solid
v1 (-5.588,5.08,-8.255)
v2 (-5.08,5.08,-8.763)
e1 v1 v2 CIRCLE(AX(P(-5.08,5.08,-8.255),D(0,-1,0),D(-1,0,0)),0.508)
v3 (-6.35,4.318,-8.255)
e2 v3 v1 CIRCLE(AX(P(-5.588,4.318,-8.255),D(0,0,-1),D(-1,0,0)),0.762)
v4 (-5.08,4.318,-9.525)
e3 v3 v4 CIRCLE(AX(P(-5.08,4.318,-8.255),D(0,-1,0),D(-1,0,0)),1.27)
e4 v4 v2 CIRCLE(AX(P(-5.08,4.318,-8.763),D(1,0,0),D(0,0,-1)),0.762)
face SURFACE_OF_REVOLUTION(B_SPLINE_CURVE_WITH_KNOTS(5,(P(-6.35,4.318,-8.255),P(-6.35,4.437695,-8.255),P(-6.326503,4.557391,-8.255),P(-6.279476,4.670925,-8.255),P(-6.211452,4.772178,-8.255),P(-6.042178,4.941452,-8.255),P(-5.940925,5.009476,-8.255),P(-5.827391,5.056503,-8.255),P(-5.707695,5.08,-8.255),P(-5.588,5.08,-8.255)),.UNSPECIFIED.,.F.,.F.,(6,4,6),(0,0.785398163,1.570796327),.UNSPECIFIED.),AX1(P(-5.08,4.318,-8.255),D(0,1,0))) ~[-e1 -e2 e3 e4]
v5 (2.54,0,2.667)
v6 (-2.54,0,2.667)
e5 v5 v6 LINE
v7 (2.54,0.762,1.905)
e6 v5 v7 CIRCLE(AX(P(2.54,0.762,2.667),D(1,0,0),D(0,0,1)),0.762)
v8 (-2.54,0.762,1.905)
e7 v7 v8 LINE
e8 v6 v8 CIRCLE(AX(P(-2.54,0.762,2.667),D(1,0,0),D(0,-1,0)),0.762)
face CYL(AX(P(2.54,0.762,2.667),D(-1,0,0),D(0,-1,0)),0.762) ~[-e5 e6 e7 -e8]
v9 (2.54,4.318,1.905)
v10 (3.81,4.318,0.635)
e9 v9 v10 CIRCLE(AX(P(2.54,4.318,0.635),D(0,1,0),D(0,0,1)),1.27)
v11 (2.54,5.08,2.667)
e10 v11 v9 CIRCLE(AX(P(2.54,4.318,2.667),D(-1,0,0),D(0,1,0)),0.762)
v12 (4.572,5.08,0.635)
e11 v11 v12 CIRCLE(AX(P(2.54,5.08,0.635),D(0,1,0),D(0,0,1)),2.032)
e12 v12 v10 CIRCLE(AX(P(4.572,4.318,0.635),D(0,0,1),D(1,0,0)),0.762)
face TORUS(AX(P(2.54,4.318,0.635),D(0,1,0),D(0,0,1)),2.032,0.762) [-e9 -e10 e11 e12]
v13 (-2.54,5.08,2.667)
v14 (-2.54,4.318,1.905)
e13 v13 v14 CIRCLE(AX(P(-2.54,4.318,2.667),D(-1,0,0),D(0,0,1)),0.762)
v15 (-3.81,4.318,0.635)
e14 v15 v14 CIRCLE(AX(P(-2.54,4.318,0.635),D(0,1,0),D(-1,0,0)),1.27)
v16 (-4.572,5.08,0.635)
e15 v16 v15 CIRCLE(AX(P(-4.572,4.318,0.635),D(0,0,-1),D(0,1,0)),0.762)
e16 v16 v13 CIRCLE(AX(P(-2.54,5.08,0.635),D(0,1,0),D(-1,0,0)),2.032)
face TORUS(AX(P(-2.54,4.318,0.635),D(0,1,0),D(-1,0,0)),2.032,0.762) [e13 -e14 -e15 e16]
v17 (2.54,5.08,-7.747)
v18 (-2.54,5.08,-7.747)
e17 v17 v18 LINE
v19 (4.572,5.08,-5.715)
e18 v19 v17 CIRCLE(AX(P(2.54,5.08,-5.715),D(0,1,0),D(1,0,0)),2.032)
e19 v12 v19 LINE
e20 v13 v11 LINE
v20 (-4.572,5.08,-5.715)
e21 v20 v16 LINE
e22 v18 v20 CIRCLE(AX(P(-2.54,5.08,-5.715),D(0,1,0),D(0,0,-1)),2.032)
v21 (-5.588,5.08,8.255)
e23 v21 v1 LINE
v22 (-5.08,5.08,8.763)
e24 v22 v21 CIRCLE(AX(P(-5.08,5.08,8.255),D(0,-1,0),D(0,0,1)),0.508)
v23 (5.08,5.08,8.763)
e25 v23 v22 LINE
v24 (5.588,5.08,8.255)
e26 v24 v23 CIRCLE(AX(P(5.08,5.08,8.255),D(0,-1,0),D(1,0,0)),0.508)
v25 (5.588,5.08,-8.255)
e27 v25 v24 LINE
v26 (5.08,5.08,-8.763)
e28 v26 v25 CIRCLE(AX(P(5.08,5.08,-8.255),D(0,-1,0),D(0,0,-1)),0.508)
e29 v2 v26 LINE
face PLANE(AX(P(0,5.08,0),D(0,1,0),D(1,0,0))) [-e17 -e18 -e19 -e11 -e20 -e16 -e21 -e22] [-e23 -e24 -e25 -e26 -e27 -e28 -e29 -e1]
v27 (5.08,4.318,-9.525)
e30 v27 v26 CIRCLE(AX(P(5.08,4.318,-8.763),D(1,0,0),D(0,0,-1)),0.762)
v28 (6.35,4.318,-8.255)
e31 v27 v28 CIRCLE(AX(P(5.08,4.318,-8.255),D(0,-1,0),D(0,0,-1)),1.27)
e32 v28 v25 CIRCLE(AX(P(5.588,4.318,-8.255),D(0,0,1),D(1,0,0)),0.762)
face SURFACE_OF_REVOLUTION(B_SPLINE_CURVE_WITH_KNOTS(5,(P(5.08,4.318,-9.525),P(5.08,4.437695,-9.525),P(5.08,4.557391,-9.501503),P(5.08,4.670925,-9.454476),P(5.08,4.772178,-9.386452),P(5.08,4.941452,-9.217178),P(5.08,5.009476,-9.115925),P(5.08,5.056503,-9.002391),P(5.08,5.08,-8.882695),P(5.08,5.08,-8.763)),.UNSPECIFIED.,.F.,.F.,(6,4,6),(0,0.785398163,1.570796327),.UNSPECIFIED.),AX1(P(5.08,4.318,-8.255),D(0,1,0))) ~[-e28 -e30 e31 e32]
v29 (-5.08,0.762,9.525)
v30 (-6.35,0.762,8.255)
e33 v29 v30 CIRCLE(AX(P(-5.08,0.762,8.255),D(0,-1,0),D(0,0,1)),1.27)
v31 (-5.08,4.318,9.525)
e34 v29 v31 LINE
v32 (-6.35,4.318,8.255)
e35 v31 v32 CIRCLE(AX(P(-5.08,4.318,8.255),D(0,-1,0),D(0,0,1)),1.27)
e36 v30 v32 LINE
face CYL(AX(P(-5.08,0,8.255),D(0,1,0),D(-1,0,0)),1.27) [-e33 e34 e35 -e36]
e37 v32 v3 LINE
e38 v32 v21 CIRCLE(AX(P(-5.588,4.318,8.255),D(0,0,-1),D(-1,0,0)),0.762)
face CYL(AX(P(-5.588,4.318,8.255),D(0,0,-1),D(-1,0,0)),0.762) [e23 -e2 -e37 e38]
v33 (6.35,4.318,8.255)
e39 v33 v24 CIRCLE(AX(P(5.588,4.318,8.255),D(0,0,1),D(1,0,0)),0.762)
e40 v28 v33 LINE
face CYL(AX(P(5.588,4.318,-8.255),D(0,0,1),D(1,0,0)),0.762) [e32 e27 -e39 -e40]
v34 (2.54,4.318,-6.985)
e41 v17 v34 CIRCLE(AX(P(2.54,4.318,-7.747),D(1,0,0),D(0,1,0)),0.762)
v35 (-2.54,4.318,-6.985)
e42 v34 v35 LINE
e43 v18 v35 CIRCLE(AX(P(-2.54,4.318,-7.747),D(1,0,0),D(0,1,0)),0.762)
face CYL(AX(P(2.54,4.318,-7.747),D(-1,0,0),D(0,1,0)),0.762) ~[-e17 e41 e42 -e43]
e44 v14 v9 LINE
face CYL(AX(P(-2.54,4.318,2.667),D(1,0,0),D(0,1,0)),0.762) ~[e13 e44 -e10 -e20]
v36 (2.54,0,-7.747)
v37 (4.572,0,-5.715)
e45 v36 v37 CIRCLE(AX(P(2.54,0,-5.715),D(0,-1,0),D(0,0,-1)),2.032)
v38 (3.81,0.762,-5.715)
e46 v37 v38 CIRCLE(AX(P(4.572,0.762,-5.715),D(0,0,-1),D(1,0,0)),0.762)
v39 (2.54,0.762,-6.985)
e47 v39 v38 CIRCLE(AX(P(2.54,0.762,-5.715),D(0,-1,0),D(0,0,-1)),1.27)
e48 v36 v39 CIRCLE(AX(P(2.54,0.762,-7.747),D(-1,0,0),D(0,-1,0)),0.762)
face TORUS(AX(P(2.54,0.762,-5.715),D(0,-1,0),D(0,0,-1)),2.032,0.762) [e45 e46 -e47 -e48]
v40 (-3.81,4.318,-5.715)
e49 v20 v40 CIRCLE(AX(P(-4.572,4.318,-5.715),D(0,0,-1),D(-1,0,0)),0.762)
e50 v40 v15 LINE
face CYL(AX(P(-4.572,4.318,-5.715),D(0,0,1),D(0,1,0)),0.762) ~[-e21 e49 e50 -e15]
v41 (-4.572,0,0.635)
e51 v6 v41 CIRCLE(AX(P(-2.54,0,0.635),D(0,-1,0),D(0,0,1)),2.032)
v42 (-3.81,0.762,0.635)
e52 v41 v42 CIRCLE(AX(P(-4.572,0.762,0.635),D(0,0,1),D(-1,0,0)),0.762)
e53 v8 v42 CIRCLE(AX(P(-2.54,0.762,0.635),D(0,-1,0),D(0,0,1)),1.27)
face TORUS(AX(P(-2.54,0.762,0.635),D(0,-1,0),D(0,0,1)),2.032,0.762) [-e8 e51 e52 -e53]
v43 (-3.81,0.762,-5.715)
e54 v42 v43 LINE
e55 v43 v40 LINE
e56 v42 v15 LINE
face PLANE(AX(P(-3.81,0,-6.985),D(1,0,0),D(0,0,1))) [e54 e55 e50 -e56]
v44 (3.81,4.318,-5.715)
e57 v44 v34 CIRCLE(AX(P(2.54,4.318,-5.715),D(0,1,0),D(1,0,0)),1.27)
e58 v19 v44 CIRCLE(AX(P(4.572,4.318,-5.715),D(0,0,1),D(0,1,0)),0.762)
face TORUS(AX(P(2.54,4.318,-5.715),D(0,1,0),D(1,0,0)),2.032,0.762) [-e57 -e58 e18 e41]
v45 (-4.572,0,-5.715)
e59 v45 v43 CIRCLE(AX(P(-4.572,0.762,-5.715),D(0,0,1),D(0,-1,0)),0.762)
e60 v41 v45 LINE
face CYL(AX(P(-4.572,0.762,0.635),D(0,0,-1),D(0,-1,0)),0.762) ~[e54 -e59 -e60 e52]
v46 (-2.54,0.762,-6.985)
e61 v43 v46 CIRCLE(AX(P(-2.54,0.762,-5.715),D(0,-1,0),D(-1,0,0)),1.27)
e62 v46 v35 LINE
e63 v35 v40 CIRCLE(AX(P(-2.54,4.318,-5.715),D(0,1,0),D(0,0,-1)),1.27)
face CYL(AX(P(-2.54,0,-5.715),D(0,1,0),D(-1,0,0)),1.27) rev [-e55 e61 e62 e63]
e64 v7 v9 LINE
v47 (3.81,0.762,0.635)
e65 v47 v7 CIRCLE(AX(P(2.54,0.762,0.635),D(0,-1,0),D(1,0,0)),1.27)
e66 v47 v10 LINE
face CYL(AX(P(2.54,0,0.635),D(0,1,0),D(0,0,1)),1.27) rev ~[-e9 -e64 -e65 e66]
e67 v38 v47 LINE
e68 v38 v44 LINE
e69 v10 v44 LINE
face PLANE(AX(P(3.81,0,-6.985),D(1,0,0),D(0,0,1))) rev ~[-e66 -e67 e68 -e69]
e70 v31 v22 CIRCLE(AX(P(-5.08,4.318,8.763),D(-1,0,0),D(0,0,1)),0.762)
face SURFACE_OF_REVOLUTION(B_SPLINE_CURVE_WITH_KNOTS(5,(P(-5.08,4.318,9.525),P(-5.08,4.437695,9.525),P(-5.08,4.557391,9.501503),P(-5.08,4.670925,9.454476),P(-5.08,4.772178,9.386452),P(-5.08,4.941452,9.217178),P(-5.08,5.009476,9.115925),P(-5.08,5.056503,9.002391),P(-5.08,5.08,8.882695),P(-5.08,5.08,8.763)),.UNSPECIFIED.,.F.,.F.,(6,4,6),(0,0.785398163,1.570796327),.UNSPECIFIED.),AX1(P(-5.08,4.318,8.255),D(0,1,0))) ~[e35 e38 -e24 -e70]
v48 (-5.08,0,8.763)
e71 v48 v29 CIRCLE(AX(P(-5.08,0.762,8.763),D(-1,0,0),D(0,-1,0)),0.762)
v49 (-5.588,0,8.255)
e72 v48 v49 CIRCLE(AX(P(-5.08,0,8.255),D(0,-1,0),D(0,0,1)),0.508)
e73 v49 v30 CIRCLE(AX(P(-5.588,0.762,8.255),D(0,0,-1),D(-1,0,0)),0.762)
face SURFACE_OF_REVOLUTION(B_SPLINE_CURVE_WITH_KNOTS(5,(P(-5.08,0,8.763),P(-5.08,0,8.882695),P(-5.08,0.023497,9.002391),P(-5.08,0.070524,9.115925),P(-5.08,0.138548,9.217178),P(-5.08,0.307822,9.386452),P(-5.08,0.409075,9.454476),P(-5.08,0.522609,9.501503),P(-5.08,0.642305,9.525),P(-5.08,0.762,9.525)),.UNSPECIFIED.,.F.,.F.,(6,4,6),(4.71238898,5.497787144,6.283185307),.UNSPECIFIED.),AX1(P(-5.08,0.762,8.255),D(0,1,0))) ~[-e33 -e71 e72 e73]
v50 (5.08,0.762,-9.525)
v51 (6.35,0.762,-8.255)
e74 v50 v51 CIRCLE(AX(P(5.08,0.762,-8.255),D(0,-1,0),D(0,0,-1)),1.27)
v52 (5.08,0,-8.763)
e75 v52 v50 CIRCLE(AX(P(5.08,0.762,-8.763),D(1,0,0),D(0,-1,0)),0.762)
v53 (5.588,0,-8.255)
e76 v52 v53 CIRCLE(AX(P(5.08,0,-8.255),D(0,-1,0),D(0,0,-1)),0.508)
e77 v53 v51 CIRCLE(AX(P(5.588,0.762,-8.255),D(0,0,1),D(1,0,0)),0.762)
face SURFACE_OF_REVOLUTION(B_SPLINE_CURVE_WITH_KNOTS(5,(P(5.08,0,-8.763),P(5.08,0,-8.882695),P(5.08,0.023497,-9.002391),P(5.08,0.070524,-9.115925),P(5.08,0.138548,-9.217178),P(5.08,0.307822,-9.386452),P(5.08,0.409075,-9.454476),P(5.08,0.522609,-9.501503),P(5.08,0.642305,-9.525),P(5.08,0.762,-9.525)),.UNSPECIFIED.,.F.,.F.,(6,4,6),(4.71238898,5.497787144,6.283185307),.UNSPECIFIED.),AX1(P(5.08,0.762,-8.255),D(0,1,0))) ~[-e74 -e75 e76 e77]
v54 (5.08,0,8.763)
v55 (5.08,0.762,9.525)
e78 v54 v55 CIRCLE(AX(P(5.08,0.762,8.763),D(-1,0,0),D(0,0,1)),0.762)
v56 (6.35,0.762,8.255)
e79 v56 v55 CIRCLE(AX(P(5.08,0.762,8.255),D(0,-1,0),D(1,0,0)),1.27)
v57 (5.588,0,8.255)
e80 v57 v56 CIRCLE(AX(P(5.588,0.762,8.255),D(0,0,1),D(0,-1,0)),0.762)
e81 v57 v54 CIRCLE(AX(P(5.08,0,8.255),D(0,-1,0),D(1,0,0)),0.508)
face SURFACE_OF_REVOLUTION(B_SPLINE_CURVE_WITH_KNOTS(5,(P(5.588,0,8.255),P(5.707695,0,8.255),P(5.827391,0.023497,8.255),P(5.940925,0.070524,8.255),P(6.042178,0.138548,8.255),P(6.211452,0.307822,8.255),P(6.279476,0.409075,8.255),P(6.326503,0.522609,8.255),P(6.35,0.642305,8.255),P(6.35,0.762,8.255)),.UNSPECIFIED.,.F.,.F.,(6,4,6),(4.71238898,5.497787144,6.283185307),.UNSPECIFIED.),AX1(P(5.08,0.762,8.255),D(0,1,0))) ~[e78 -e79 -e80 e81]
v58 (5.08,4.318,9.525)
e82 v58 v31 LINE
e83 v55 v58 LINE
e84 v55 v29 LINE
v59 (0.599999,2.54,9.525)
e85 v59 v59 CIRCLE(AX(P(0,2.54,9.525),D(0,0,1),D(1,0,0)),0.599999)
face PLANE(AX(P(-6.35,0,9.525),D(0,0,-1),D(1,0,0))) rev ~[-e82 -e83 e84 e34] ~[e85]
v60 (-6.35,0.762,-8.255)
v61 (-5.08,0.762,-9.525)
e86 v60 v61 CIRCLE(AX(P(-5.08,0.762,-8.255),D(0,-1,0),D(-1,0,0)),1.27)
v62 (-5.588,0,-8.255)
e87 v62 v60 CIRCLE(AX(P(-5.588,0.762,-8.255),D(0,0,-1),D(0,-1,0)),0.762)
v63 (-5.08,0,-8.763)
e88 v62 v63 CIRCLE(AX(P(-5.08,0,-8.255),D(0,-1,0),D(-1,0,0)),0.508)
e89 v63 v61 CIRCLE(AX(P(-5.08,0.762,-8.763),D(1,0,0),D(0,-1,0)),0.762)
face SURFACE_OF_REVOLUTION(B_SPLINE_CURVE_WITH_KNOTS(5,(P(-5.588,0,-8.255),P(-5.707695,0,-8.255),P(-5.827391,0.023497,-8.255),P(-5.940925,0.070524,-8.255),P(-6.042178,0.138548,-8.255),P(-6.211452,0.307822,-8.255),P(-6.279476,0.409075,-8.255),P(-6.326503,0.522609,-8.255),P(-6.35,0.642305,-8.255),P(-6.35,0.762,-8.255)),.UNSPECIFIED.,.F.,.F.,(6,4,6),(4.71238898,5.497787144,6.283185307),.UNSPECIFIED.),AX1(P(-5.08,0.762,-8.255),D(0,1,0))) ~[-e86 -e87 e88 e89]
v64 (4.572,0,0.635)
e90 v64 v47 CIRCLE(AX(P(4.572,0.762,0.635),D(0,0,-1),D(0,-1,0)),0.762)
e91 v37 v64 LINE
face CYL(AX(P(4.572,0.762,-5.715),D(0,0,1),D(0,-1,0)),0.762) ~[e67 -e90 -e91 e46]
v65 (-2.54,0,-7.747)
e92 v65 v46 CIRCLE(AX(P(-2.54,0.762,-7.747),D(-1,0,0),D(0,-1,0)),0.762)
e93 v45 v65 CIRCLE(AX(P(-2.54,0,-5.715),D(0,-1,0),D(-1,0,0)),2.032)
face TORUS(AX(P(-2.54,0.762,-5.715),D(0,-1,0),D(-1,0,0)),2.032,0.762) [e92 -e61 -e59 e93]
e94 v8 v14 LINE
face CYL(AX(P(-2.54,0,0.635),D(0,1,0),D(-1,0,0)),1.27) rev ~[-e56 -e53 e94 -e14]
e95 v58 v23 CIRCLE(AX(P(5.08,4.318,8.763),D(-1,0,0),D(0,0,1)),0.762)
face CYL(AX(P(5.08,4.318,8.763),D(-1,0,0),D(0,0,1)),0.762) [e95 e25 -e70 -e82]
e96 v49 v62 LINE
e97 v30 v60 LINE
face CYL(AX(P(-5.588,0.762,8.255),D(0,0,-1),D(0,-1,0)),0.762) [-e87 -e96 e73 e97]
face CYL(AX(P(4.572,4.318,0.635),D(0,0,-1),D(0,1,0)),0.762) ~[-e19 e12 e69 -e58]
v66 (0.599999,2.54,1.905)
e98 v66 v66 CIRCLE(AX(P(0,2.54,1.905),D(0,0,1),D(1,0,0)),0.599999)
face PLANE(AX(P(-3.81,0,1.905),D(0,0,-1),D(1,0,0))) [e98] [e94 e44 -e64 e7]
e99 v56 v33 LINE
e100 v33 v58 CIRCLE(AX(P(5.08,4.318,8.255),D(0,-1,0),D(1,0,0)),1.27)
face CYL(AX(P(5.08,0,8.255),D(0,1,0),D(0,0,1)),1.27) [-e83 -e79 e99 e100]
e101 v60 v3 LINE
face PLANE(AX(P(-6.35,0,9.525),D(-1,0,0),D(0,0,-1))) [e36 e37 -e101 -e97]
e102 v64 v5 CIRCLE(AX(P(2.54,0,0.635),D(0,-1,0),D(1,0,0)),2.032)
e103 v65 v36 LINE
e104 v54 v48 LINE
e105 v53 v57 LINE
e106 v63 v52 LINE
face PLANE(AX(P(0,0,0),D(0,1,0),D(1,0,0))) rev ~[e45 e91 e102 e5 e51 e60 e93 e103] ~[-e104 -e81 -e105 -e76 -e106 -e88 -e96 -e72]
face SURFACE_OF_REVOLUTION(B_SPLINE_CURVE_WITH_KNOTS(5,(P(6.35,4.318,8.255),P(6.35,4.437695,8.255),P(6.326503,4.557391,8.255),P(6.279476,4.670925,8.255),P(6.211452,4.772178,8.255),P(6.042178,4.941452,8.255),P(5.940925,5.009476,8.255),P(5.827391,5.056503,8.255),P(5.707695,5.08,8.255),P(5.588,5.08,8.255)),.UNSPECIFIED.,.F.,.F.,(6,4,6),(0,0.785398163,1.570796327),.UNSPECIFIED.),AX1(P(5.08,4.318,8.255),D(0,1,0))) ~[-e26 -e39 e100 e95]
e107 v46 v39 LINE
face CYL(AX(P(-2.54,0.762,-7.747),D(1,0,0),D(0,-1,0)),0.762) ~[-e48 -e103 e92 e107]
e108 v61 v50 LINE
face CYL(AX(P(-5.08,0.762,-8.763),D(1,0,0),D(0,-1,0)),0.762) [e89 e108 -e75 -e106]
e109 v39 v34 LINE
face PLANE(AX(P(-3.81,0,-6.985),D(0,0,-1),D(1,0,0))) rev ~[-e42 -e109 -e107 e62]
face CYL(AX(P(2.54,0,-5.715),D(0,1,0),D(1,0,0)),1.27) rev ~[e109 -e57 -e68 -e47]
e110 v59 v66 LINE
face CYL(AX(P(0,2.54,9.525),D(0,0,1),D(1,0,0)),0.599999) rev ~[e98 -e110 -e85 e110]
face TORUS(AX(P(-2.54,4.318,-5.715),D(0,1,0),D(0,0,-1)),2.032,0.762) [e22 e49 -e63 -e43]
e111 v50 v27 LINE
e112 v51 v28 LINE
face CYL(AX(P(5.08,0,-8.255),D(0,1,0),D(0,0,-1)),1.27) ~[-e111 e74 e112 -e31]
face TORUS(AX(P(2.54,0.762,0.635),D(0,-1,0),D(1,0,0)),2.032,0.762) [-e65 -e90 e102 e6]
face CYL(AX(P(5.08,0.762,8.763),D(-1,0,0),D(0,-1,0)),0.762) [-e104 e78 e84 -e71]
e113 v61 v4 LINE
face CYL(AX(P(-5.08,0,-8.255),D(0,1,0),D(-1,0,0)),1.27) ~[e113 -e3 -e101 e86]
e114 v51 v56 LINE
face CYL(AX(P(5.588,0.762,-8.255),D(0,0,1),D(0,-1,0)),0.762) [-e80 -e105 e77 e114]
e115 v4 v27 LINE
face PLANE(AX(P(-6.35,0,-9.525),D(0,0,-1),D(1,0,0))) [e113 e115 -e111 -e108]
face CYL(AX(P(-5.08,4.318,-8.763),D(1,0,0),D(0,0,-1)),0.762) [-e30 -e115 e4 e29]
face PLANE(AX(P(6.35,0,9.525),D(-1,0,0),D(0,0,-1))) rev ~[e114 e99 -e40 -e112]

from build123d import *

# Parameters (mm, degrees)
SKETCH1_W           = 12.7
SKETCH1_H           = 19.05
BOSS_EXTRUDE1_DEPTH = 5.08
SKETCH2_W           = 7.62
SKETCH2_H           = 8.89
CUT_EXTRUDE1_DEPTH  = 13.524157656
SKETCH3_R           = 0.5999988
CUT_EXTRUDE3_DEPTH  = 7.62
FILLET1_R           = 1.27
FILLET2_R           = 1.27
FILLET3_R           = 0.762
FILLET4_R           = 0.762


with BuildPart() as part:
    # Sketch1 → Boss-Extrude1 (new body)
    with BuildSketch(Plane(origin=(0, 0, 0), x_dir=(1, 0, 0), z_dir=(0, 1, 0))):
        Rectangle(SKETCH1_W, SKETCH1_H)
    extrude(amount=BOSS_EXTRUDE1_DEPTH)

    # Sketch2 → Cut-Extrude1 (cut, through all)
    with BuildSketch(Plane.XZ):
        with Locations((0, -2.54)):
            Rectangle(SKETCH2_W, SKETCH2_H)
    extrude(amount=-CUT_EXTRUDE1_DEPTH, mode=Mode.SUBTRACT)

    # Sketch3 → Cut-Extrude3 (cut)
    with BuildSketch(Plane.XY.offset(9.525)):
        with Locations((0, 2.54)):
            Circle(SKETCH3_R)
    extrude(amount=-CUT_EXTRUDE3_DEPTH, mode=Mode.SUBTRACT)

    # Fillet1
    fillet1_edges = [part.edges().sort_by_distance(p)[0] for p in [
        (6.35, 2.54, 9.525),
        (-6.35, 2.54, 9.525),
        (-6.35, 2.54, -9.525),
        (6.35, 2.54, -9.525),
    ]]
    fillet(fillet1_edges, radius=FILLET1_R)

    # Fillet2
    fillet2_edges = [part.edges().sort_by_distance(p)[0] for p in [
        (3.81, 2.54, 1.905),
        (3.81, 2.54, -6.985),
        (-3.81, 2.54, -6.985),
        (-3.81, 2.54, 1.905),
    ]]
    fillet(fillet2_edges, radius=FILLET2_R)

    # Fillet3
    fillet3_edges = [part.edges().sort_by_distance(p)[0] for p in [
        (0, 5.08, -9.525),
        (6.35, 5.08, 0),
        (-6.35, 5.08, 0),
        (0, 5.08, 9.525),
        (5.978025612, 5.08, 9.153025612),
        (-5.978025612, 5.08, 9.153025612),
        (-5.978025612, 5.08, -9.153025612),
        (5.978025612, 5.08, -9.153025612),
    ]]
    fillet(fillet3_edges, radius=FILLET3_R)

    # Fillet4
    fillet4_edges = [part.edges().sort_by_distance(p)[0] for p in [
        (0, 0, -9.525),
        (6.35, 0, 0),
        (0, 0, 9.525),
        (-6.35, 0, 0),
        (5.978025612, 0, 9.153025612),
        (-5.978025612, 0, 9.153025612),
        (-5.978025612, 0, -9.153025612),
        (5.978025612, 0, -9.153025612),
        (0, 0, -6.985),
        (0, 5.08, -6.985),
        (-3.81, 0, -2.54),
        (-3.81, 5.08, -2.54),
        (3.81, 0, -2.54),
        (3.81, 5.08, -2.54),
        (0, 0, 1.905),
        (0, 5.08, 1.905),
        (-3.438025612, 0, -6.613025612),
        (-3.438025612, 5.08, -6.613025612),
        (3.438025612, 0, -6.613025612),
        (3.438025612, 5.08, -6.613025612),
        (-3.438025612, 0, 1.533025612),
        (-3.438025612, 5.08, 1.533025612),
        (3.438025612, 0, 1.533025612),
        (3.438025612, 5.08, 1.533025612),
    ]]
    fillet(fillet4_edges, radius=FILLET4_R)


solid = part.part
